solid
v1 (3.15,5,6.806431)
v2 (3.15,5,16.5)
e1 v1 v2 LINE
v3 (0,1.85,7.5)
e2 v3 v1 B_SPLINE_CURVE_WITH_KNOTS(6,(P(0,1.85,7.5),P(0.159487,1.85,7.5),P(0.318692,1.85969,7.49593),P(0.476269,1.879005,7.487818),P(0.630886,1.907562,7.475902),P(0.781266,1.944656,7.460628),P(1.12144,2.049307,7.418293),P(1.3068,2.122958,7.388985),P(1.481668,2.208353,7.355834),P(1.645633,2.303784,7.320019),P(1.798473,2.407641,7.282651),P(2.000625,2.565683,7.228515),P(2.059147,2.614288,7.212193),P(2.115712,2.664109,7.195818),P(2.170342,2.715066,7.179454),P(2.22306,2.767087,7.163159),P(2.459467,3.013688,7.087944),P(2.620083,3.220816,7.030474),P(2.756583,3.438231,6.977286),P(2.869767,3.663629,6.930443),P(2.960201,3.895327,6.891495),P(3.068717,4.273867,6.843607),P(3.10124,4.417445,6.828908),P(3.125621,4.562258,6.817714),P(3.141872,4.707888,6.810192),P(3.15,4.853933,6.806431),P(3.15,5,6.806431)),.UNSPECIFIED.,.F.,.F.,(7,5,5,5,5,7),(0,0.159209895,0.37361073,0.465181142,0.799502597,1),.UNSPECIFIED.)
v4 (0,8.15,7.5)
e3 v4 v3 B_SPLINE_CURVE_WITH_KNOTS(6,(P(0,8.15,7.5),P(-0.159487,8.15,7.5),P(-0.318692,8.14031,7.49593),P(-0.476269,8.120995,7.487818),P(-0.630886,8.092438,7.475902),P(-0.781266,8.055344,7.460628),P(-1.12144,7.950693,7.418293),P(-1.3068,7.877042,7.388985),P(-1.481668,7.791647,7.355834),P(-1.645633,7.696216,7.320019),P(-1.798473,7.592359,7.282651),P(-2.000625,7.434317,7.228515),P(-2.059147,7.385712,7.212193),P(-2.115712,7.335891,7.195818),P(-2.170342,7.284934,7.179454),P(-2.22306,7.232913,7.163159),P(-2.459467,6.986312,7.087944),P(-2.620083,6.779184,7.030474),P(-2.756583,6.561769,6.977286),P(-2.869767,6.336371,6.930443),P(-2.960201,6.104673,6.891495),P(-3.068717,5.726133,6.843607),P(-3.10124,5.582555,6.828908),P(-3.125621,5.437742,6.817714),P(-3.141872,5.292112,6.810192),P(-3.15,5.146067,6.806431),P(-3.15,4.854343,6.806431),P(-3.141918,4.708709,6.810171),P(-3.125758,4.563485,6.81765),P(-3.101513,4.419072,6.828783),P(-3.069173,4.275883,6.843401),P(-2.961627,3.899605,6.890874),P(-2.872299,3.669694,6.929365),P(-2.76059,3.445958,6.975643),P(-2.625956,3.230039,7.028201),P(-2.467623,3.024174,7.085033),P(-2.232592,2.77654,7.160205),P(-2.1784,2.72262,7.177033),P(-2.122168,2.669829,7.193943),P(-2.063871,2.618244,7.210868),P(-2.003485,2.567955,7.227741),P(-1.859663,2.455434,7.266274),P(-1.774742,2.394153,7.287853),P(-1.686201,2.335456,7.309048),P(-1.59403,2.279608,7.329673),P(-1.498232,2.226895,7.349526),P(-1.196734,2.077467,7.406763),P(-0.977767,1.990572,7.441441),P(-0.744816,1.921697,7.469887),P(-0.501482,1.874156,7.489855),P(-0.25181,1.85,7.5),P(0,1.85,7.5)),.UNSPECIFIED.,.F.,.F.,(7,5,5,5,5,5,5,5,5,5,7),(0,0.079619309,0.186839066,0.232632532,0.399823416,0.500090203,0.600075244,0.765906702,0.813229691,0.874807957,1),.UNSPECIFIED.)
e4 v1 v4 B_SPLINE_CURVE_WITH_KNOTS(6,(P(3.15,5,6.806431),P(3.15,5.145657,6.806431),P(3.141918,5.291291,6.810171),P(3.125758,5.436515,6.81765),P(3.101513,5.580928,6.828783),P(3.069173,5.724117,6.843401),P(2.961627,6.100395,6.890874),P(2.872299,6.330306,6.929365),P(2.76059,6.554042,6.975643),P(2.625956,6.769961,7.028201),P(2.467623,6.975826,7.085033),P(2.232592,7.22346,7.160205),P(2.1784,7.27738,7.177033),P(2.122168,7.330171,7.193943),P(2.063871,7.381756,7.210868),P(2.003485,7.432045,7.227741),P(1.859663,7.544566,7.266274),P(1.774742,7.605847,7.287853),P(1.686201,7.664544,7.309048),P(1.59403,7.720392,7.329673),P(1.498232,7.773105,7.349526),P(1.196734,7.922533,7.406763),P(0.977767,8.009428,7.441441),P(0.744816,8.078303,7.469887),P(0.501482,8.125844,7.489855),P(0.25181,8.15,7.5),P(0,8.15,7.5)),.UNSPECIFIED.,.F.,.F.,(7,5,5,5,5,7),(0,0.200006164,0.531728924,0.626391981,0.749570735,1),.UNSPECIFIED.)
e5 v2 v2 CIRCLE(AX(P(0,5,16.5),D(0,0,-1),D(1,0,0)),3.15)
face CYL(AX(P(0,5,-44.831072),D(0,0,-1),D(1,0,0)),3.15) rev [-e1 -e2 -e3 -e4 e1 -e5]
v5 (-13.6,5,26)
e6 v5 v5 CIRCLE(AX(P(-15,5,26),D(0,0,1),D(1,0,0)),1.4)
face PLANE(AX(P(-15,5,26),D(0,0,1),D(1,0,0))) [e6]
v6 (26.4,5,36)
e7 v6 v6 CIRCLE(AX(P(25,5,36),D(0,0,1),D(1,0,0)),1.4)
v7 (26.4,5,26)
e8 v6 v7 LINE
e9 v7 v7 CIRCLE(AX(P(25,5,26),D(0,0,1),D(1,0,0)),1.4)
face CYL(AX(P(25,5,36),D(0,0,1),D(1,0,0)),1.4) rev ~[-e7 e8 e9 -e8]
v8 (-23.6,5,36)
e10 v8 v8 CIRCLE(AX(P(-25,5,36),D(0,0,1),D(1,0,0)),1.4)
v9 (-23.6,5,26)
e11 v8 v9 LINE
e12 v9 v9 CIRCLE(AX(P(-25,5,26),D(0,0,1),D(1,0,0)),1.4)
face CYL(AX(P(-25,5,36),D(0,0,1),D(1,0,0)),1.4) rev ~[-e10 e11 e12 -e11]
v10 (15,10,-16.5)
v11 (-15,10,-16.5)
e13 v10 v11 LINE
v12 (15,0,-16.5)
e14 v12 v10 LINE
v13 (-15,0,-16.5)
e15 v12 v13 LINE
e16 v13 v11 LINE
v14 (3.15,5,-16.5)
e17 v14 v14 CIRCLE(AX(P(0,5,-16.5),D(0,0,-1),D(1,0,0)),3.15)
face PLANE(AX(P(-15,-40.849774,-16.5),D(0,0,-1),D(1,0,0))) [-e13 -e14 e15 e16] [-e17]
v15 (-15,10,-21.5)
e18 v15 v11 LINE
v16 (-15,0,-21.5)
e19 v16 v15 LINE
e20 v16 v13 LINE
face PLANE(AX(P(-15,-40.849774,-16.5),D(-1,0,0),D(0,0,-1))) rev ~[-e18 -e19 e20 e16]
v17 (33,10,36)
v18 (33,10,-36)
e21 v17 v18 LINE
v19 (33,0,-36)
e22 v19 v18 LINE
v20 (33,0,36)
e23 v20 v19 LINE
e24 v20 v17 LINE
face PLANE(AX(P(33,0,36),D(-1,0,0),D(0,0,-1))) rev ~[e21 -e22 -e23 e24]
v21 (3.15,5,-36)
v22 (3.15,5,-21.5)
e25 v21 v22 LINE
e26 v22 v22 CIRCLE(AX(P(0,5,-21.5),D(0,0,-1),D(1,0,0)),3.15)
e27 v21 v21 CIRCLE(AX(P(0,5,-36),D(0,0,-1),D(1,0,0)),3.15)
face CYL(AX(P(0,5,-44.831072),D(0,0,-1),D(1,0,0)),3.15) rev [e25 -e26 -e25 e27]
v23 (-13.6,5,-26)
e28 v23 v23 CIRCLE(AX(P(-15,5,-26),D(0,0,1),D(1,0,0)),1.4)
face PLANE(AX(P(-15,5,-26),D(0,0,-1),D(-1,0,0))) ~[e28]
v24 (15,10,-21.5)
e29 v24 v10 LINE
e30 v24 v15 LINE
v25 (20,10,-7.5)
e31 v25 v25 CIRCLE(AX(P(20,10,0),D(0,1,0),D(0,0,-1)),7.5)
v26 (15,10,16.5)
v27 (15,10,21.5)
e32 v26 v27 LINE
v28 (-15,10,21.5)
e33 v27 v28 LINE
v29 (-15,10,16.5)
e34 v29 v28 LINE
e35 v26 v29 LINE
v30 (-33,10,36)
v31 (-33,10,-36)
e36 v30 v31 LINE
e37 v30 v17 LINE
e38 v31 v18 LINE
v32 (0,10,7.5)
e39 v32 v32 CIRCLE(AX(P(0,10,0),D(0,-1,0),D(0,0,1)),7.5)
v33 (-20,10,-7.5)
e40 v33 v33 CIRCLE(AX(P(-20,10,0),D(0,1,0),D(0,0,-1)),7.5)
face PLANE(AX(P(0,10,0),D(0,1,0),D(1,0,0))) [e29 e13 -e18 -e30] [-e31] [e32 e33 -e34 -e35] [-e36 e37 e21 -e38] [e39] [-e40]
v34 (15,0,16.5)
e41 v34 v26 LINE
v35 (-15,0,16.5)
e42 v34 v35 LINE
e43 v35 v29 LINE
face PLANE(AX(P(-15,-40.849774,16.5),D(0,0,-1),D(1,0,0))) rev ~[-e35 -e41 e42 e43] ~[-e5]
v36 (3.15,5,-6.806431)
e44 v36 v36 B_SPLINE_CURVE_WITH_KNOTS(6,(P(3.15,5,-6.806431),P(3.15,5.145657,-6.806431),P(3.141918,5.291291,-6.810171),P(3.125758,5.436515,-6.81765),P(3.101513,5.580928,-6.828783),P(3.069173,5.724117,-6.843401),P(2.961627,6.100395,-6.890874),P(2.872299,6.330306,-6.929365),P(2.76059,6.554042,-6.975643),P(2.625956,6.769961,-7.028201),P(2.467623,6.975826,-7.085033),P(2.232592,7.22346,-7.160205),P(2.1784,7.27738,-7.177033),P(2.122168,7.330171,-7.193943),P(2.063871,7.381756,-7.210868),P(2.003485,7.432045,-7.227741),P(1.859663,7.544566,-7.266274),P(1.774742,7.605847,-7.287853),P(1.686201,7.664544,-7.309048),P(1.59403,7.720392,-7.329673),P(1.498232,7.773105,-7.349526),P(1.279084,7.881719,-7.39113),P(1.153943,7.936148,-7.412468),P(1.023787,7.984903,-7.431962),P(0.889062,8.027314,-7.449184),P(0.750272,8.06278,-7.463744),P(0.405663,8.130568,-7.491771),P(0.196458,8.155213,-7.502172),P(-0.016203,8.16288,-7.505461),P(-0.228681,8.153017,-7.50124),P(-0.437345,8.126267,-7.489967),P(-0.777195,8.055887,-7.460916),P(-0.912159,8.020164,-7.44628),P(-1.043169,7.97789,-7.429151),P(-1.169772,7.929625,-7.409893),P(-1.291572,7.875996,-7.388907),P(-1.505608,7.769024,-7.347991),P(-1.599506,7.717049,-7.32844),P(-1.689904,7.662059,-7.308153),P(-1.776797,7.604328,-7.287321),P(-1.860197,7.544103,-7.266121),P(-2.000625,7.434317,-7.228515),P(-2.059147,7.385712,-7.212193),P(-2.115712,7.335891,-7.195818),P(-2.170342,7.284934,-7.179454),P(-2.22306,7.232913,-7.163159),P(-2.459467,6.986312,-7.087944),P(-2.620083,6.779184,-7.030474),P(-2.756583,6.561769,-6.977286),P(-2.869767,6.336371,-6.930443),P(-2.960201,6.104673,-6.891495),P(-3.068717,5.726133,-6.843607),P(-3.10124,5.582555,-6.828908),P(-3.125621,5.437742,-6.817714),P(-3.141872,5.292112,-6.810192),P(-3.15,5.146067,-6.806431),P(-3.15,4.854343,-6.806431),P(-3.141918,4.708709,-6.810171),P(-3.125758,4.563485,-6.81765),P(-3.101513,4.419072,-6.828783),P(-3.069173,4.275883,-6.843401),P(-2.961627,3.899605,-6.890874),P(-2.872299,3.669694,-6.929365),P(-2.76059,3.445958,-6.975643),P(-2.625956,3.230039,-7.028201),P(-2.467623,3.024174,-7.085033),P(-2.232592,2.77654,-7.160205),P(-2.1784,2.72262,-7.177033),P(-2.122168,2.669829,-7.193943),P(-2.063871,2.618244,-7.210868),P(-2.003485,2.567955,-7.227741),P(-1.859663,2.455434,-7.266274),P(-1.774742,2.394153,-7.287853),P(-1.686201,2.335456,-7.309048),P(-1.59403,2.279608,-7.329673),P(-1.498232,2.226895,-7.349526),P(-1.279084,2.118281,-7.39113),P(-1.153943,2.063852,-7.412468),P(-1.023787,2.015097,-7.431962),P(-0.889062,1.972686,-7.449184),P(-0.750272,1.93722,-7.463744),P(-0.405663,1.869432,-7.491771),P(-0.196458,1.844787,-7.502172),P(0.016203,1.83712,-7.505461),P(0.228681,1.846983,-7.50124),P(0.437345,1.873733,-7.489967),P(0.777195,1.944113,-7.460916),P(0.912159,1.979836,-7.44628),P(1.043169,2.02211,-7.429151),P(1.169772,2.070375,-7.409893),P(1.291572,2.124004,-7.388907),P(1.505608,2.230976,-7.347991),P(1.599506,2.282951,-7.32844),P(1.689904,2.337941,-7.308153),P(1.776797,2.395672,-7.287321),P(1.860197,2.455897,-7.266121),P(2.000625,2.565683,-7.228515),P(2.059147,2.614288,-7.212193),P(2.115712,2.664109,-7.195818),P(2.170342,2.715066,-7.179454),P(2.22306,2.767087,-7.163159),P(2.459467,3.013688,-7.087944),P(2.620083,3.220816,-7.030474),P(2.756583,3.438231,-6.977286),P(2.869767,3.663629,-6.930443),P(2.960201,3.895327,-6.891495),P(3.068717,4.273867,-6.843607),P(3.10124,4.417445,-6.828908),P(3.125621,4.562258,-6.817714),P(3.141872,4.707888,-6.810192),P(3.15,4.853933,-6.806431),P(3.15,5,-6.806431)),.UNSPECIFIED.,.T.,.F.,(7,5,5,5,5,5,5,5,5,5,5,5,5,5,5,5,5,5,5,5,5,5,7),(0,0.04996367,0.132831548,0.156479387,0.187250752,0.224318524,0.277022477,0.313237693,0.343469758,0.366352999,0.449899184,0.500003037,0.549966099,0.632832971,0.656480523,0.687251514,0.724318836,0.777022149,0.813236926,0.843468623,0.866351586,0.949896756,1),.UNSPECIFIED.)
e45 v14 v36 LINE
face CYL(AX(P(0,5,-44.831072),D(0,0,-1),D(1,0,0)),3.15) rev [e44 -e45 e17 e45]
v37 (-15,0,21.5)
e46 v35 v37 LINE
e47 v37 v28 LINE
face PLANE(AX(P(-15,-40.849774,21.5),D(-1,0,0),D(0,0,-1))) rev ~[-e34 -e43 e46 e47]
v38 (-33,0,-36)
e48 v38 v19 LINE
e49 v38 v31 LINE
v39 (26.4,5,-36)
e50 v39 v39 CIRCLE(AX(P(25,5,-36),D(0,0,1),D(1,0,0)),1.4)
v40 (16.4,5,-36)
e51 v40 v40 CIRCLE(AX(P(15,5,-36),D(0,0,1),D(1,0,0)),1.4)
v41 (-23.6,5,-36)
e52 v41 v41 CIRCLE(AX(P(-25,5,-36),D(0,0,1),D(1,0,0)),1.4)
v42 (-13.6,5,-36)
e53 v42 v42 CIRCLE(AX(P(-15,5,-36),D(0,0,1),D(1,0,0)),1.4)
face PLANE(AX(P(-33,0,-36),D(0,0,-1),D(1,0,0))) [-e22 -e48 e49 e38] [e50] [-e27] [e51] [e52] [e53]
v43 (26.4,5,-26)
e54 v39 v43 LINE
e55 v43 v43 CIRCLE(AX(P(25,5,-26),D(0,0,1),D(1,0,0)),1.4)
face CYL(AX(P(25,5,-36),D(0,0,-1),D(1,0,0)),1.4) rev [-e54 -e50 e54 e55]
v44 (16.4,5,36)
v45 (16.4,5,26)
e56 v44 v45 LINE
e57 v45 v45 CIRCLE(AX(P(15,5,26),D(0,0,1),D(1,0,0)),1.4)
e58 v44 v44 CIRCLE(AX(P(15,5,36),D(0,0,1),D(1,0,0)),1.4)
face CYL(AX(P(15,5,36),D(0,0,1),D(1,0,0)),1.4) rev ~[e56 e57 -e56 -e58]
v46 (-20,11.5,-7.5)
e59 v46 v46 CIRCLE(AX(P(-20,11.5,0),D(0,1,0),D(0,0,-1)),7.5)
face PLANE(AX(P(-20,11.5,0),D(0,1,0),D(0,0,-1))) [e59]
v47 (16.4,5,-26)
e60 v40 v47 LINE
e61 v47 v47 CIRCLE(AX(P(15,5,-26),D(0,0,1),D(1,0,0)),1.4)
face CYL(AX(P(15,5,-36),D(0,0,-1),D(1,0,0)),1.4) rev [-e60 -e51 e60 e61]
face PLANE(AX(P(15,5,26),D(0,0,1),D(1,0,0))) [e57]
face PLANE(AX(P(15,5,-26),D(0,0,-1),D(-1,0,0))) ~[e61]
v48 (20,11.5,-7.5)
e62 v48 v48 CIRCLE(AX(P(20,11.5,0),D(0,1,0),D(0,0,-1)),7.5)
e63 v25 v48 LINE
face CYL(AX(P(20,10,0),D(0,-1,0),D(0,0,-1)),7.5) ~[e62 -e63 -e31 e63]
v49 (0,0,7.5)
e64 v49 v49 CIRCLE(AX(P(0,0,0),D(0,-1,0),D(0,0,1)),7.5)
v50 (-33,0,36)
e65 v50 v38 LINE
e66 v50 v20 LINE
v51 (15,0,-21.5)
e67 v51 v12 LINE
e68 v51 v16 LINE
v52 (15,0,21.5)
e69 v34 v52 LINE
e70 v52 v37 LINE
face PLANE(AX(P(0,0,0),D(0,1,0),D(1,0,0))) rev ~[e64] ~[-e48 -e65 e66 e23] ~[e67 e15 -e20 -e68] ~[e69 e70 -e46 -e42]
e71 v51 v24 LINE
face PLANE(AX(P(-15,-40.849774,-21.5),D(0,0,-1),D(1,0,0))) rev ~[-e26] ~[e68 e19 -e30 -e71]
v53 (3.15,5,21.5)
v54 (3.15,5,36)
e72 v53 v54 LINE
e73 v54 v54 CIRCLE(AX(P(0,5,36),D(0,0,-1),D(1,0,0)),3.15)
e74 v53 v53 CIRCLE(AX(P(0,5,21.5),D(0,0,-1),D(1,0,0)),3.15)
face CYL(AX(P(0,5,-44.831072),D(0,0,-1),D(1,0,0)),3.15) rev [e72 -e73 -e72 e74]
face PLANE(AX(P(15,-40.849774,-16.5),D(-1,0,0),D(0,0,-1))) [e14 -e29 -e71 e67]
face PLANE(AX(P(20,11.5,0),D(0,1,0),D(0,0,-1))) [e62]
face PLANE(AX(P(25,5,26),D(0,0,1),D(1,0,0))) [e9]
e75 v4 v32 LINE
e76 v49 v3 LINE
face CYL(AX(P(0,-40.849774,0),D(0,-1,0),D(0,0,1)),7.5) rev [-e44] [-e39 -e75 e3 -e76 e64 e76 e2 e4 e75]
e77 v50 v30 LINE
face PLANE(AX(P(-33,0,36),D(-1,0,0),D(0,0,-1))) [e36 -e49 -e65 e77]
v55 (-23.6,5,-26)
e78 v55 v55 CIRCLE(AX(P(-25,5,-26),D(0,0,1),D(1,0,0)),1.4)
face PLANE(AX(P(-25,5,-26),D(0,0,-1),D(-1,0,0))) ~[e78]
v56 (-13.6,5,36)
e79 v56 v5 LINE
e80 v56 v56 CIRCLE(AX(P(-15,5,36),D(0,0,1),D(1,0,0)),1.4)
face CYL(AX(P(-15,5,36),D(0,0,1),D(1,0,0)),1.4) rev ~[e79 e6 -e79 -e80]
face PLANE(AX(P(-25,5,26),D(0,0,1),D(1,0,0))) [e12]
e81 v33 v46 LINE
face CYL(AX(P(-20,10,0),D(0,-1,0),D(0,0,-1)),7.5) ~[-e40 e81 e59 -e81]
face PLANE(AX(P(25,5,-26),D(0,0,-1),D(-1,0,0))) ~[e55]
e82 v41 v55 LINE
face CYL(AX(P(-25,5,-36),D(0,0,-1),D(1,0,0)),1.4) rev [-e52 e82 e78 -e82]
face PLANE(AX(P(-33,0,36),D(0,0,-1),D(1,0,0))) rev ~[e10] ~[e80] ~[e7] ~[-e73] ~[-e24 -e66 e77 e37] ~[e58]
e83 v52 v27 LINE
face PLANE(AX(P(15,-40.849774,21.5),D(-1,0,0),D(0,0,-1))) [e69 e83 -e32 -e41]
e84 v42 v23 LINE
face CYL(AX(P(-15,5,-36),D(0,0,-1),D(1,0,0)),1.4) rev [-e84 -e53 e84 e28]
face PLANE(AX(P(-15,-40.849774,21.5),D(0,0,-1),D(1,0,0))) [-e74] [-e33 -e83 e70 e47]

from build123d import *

# Parameters (mm, degrees)
SKETCH1_W               = 66
SKETCH1_H               = 72
BOSS_EXTRUDE1_DEPTH     = 10
SKETCH2_R               = 1.4
CUT_EXTRUDE1_DEPTH      = 10
CUT_EXTRUDE2_DEPTH      = 50.849774322
CUT_EXTRUDE2_DEPTH_BACK = 50.849774322
SKETCH3_W               = 30
SKETCH3_H               = 5
CUT_EXTRUDE3_DEPTH      = 80.831071645
CUT_EXTRUDE3_DEPTH_BACK = 80.831071645
SKETCH4_R               = 3.15
SKETCH5_R               = 7.5
BOSS_EXTRUDE2_DEPTH     = 1.5
CUT_EXTRUDE4_DEPTH      = 50.849774322
CUT_EXTRUDE4_DEPTH_BACK = 50.849774322
SKETCH6_R               = 7.5


with BuildPart() as part:
    # Sketch1 → Boss-Extrude1 (new body)
    with BuildSketch(Plane(origin=(0, 0, 0), x_dir=(1, 0, 0), z_dir=(0, 1, 0))):
        Rectangle(SKETCH1_W, SKETCH1_H)
    extrude(amount=BOSS_EXTRUDE1_DEPTH)

    # Sketch2 → Cut-Extrude1 (cut)
    with BuildSketch(Plane.XY.offset(36)):
        with Locations((-15, 5)):
            Circle(SKETCH2_R)
        with Locations((15, 5)):
            Circle(SKETCH2_R)
        with Locations((-25, 5)):
            Circle(SKETCH2_R)
        with Locations((25, 5)):
            Circle(SKETCH2_R)
    cut_extrude1 = extrude(amount=-CUT_EXTRUDE1_DEPTH, mode=Mode.SUBTRACT)

    # Mirror1: Cut-Extrude1 across plane
    add(cut_extrude1.mirror(Plane.XY), mode=Mode.SUBTRACT)

    # Sketch3 → Cut-Extrude2 (cut, two sides: drawn at the far end of the back side and taken through both)
    with BuildSketch(Plane(origin=(0, 10, 0), x_dir=(1, 0, 0), z_dir=(0, 1, 0)).offset(-CUT_EXTRUDE2_DEPTH_BACK)):
        with Locations((0, -19)):
            Rectangle(SKETCH3_W, SKETCH3_H)
        with Locations((0, 19)):
            Rectangle(SKETCH3_W, SKETCH3_H)
    extrude(amount=CUT_EXTRUDE2_DEPTH + CUT_EXTRUDE2_DEPTH_BACK, mode=Mode.SUBTRACT)

    # Sketch4 → Cut-Extrude3 (cut, two sides: drawn at the far end of the back side and taken through both)
    with BuildSketch(Plane.XY.offset(36).offset(-CUT_EXTRUDE3_DEPTH_BACK)):
        with Locations((0, 5)):
            Circle(SKETCH4_R)
    extrude(amount=CUT_EXTRUDE3_DEPTH + CUT_EXTRUDE3_DEPTH_BACK, mode=Mode.SUBTRACT)

    # Sketch5 → Boss-Extrude2 (add)
    with BuildSketch(Plane(origin=(0, 10, 0), x_dir=(1, 0, 0), z_dir=(0, 1, 0))):
        with Locations(Location((-20, 0, 0), (0, 0, 90))):
            Circle(SKETCH5_R)
        with Locations(Location((20, 0, 0), (0, 0, 90))):
            Circle(SKETCH5_R)
    extrude(amount=BOSS_EXTRUDE2_DEPTH)

    # Sketch6 → Cut-Extrude4 (cut, two sides: drawn at the far end of the back side and taken through both)
    with BuildSketch(Plane(origin=(0, 10, 0), x_dir=(1, 0, 0), z_dir=(0, 1, 0)).offset(-CUT_EXTRUDE4_DEPTH_BACK)):
        with Locations(Location((0, 0, 0), (0, 0, 270))):
            Circle(SKETCH6_R)
    extrude(amount=CUT_EXTRUDE4_DEPTH + CUT_EXTRUDE4_DEPTH_BACK, mode=Mode.SUBTRACT)


solid = part.part
